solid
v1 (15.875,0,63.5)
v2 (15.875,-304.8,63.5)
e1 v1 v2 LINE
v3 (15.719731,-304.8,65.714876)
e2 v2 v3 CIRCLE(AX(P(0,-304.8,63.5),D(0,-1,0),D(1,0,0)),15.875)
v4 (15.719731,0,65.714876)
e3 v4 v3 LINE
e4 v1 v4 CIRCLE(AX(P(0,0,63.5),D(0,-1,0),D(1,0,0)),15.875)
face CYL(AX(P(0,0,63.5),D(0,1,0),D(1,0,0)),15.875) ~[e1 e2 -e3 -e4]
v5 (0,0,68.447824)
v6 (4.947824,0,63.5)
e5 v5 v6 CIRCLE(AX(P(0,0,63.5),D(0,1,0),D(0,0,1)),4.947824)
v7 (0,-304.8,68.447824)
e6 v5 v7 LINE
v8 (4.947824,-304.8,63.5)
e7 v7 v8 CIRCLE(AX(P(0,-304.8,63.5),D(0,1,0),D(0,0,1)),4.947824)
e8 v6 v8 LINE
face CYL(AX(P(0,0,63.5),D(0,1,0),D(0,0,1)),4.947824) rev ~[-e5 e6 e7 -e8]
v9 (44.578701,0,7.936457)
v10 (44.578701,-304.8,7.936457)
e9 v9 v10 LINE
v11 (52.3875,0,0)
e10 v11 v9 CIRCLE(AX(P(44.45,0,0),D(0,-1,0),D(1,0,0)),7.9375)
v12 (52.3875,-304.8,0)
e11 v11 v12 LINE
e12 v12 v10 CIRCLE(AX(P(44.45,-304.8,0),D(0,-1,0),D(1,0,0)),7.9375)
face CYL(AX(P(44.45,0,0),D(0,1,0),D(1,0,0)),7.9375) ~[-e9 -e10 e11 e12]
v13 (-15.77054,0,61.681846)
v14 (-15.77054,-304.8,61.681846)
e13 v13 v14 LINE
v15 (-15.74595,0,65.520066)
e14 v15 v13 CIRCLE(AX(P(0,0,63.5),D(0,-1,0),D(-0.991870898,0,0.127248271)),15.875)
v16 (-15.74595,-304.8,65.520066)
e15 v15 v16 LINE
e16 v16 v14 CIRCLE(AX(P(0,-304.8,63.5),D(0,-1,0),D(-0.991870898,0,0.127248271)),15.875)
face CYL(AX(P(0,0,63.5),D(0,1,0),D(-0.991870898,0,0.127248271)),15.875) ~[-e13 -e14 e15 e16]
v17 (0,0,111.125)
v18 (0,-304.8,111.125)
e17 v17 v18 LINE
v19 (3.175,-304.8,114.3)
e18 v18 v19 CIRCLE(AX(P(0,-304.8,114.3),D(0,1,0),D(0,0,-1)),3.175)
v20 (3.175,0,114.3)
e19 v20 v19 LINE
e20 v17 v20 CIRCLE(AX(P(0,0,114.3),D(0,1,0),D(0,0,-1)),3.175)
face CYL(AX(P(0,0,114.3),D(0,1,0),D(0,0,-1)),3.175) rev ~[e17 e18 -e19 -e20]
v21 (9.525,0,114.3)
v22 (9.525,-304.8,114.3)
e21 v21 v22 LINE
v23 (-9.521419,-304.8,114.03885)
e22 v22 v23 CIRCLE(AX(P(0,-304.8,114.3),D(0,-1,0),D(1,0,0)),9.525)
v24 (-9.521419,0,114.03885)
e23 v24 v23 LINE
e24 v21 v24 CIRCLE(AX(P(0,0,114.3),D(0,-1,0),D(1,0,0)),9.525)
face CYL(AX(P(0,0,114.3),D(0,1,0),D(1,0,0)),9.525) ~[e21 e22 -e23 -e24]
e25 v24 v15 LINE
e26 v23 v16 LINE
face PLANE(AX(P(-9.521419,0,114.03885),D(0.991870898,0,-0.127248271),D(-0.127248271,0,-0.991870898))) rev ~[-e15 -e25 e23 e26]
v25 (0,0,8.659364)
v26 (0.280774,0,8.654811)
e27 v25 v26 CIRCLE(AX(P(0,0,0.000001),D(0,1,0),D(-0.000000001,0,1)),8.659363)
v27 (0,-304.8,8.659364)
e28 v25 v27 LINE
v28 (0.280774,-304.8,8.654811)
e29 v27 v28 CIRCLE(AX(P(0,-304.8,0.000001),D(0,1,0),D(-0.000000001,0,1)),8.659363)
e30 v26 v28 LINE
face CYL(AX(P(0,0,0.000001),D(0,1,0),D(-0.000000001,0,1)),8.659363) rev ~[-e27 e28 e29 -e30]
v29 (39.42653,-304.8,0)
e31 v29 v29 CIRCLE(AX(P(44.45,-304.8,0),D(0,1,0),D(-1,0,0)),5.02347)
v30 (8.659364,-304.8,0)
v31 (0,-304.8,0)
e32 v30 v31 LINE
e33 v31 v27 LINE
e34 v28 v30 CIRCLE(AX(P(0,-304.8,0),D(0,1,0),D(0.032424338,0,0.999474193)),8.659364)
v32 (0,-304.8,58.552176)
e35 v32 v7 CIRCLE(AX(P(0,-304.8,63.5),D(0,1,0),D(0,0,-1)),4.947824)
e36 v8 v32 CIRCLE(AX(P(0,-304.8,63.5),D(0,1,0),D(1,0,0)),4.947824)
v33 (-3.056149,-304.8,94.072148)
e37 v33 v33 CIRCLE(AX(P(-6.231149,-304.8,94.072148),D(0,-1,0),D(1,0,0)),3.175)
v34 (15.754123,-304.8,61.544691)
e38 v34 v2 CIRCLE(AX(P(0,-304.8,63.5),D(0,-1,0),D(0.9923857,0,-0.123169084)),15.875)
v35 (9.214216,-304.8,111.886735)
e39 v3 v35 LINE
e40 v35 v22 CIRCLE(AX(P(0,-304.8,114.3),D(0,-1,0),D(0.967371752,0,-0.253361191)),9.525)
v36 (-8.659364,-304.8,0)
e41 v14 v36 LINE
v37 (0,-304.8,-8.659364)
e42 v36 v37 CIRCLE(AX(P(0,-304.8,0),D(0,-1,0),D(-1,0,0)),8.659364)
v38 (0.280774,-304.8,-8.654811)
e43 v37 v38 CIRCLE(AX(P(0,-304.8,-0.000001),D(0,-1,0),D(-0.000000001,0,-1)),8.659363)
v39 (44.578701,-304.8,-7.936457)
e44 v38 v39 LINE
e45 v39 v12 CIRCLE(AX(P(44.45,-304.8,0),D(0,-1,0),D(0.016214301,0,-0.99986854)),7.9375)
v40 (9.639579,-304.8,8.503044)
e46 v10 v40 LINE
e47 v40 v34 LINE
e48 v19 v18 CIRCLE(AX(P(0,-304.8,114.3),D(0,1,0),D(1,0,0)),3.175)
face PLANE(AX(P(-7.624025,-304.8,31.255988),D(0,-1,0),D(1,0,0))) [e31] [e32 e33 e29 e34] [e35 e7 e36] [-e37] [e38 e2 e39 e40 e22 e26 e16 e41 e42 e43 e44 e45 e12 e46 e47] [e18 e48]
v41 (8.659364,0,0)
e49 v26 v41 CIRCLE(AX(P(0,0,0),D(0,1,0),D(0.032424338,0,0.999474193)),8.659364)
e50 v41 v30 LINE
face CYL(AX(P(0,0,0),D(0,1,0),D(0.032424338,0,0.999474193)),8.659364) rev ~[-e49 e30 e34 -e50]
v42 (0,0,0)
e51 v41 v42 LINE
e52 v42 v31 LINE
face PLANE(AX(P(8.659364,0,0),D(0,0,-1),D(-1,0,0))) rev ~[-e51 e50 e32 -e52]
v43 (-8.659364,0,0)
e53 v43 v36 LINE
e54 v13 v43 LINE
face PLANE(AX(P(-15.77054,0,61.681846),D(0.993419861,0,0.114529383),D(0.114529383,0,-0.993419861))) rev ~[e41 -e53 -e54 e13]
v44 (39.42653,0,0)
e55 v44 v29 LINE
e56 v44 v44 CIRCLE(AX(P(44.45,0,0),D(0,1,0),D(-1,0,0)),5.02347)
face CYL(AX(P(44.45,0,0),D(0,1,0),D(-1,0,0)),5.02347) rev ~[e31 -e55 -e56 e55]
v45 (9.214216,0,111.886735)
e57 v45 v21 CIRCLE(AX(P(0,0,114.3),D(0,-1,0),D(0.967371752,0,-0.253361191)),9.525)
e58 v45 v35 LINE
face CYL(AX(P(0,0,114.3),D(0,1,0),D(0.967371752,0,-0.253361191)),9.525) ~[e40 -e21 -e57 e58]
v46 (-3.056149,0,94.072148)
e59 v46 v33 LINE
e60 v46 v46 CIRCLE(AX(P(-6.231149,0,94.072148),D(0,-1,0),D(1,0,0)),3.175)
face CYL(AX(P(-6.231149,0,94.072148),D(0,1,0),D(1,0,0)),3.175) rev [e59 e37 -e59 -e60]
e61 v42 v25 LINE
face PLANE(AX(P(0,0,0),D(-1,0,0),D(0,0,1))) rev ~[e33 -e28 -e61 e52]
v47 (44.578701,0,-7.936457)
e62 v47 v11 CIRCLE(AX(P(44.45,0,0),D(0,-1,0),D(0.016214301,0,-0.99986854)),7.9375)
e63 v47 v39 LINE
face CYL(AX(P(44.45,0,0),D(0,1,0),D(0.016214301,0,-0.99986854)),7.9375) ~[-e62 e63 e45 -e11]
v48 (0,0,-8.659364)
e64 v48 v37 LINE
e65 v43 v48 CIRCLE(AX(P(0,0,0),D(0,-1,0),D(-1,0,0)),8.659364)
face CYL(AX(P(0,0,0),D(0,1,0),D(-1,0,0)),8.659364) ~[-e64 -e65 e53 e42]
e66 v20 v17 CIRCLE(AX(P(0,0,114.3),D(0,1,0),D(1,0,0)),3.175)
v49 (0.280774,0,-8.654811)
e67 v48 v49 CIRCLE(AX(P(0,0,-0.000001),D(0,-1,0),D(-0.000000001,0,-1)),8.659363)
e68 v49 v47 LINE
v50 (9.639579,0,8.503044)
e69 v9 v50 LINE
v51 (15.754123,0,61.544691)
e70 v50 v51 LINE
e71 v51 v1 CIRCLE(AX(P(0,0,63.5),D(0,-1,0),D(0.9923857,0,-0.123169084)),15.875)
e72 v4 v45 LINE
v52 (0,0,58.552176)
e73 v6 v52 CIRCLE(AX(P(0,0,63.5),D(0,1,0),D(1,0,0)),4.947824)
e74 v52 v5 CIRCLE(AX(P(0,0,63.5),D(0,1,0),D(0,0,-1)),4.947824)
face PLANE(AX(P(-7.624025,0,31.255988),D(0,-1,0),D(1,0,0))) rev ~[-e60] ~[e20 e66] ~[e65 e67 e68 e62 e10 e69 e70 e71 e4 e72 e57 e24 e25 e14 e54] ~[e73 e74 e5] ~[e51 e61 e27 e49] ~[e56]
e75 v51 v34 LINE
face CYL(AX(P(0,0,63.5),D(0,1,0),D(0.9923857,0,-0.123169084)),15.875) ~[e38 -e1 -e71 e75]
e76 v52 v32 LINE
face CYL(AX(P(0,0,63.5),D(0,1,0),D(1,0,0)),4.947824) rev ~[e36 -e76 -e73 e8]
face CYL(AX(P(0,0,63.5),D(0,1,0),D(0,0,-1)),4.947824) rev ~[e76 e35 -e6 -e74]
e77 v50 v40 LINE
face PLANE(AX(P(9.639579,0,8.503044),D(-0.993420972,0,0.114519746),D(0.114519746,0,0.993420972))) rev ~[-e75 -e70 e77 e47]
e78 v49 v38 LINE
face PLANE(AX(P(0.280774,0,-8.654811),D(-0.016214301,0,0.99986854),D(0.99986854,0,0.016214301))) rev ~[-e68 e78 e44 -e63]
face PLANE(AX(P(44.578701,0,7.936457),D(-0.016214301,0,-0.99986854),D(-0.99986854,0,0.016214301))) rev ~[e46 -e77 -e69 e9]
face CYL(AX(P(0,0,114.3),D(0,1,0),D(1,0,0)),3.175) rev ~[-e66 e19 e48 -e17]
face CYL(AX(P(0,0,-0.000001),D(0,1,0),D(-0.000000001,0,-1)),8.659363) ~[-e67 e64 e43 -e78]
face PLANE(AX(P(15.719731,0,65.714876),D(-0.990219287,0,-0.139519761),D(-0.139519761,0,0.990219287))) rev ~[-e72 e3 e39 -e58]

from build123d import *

# Parameters (mm, degrees)
F0_R     = 3.175
F1_DEPTH = 304.8


with BuildPart() as f1:
    # F0 (on Front) → F1 (new body)
    with BuildSketch(Plane.XZ):
        with BuildLine():
            ThreePointArc((-8.659364025, 0), (-6.1230950229, 6.1230950229), (0, 8.659364025))
            Line((0, 8.659364025), (0, 47.625))
            ThreePointArc((0, 47.625), (-10.5629643347, 51.649286542), (-15.7705402958, 61.6818460519))
            Line((-15.7705402958, 61.6818460519), (-8.659364025, 0))
        make_face()
        with BuildLine():
            Line((0, 0), (0, 8.659364025))
            ThreePointArc((0, 8.659364025), (-6.1230950229, 6.1230950229), (-8.659364025, 0))
            ThreePointArc((-8.659364025, 0), (-6.1230950229, -6.1230950229), (0, -8.659364025))
            Line((0, -8.659364025), (0.280774147, -8.65481087))
            ThreePointArc((0.280774147, -8.65481087), (6.2215717815, -6.023008375), (8.659364025, 0))
            Line((8.659364025, 0), (0, 0))
        make_face()
        with BuildLine():
            Line((0, 47.625), (0, 8.659364025))
            ThreePointArc((0, 8.659364025), (0.1404055313, 8.6582256615), (0.280774147, 8.65481087))
            Line((0.280774147, 8.65481087), (9.6395793759, 8.5030444376))
            Line((9.6395793759, 8.5030444376), (15.7541229807, 61.5446907891))
            ThreePointArc((15.7541229807, 61.5446907891), (10.5113056106, 51.6034425416), (0, 47.625))
        make_face()
        with BuildLine():
            ThreePointArc((-15.7705402958, 61.6818460519), (-10.5629643347, 51.649286542), (0, 47.625))
            Line((0, 47.625), (0, 58.5521759251))
            ThreePointArc((0, 58.5521759251), (-4.9478240749, 63.5), (0, 68.4478240749))
            Line((0, 68.4478240749), (0, 79.375))
            ThreePointArc((0, 79.375), (-10.4868267952, 75.4181411624), (-15.7459504997, 65.5200663015))
            ThreePointArc((-15.7459504997, 65.5200663015), (-15.874674223, 63.6017020852), (-15.7705402958, 61.6818460519))
        make_face()
        with BuildLine():
            Line((0, 58.5521759251), (0, 47.625))
            ThreePointArc((0, 47.625), (10.5113056106, 51.6034425416), (15.7541229807, 61.5446907891))
            ThreePointArc((15.7541229807, 61.5446907891), (15.844751928, 62.5204790247), (15.875, 63.5))
            ThreePointArc((15.875, 63.5), (15.8361352212, 64.6101559607), (15.7197311802, 65.7148762091))
            ThreePointArc((15.7197311802, 65.7148762091), (10.4128397947, 75.4828374106), (0, 79.375))
            Line((0, 79.375), (0, 68.4478240749))
            ThreePointArc((0, 68.4478240749), (3.4986399555, 66.9986399555), (4.9478240749, 63.5))
            ThreePointArc((4.9478240749, 63.5), (3.4986399555, 60.0013600445), (0, 58.5521759251))
        make_face()
        with BuildLine():
            Line((9.6395793759, 8.5030444376), (0.280774147, 8.65481087))
            ThreePointArc((0.280774147, 8.65481087), (6.2215717815, 6.023008375), (8.659364025, 0))
            Line((8.659364025, 0), (9.6395793759, 8.5030444376))
        make_face()
        with BuildLine():
            Line((9.6395793759, 8.5030444376), (8.659364025, 0))
            Line((8.659364025, 0), (36.5125, 0))
            ThreePointArc((36.5125, 0), (38.8830285623, 5.6579797863), (44.578701011, 7.936456533))
            Line((44.578701011, 7.936456533), (9.6395793759, 8.5030444376))
        make_face()
        with BuildLine():
            Line((36.5125, 0), (8.659364025, 0))
            ThreePointArc((8.659364025, 0), (6.2215717815, -6.023008375), (0.280774147, -8.65481087))
            Line((0.280774147, -8.65481087), (44.578701011, -7.936456533))
            ThreePointArc((44.578701011, -7.936456533), (38.8830285623, -5.6579797863), (36.5125, 0))
        make_face()
        with BuildLine():
            Line((0.280774147, -8.65481087), (0, -8.659364025))
            ThreePointArc((0, -8.659364025), (0.1404055313, -8.6582256615), (0.280774147, -8.65481087))
        make_face()
        with BuildLine():
            ThreePointArc((44.578701011, 7.936456533), (38.8830285623, 5.6579797863), (36.5125, 0))
            ThreePointArc((36.5125, 0), (38.8830285623, -5.6579797863), (44.578701011, -7.936456533))
            ThreePointArc((44.578701011, -7.936456533), (50.1079797863, -5.5669714377), (52.3875, 0))
            ThreePointArc((52.3875, 0), (50.1079797863, 5.5669714377), (44.578701011, 7.936456533))
        make_face()
        with BuildLine():
            ThreePointArc((49.473470006, 0), (44.45, -5.023470006), (39.426529994, 0))
            ThreePointArc((39.426529994, 0), (44.45, 5.023470006), (49.473470006, 0))
        make_face(mode=Mode.SUBTRACT)
        with BuildLine():
            Line((-9.5214193107, 114.0388500233), (-15.7459504997, 65.5200663015))
            ThreePointArc((-15.7459504997, 65.5200663015), (-10.4868267952, 75.4181411624), (0, 79.375))
            Line((0, 79.375), (0, 104.775))
            ThreePointArc((0, 104.775), (-6.6422199403, 107.4731017831), (-9.5214193107, 114.0388500233))
        make_face()
        with Locations((-6.2311487272, 94.0721482038)):
            Circle(F0_R, mode=Mode.SUBTRACT)
        with BuildLine():
            Line((0, 104.775), (0, 79.375))
            ThreePointArc((0, 79.375), (10.4128397947, 75.4828374106), (15.7197311802, 65.7148762091))
            Line((15.7197311802, 65.7148762091), (9.2142159383, 111.8867346514))
            ThreePointArc((9.2142159383, 111.8867346514), (5.8197625619, 106.7597089763), (0, 104.775))
        make_face()
        with BuildLine():
            ThreePointArc((9.525, 114.3), (-0.1305872617, 123.8241047856), (-9.5214193107, 114.0388500233))
            ThreePointArc((-9.5214193107, 114.0388500233), (-6.6422199403, 107.4731017831), (0, 104.775))
            ThreePointArc((0, 104.775), (5.8197625619, 106.7597089763), (9.2142159383, 111.8867346514))
            ThreePointArc((9.2142159383, 111.8867346514), (9.4469844874, 113.0834026574), (9.525, 114.3))
        make_face()
        with BuildLine():
            ThreePointArc((3.175, 114.3), (2.2450640303, 112.0549359697), (0, 111.125))
            ThreePointArc((0, 111.125), (-2.2450640303, 116.5450640303), (3.175, 114.3))
        make_face(mode=Mode.SUBTRACT)
    extrude(amount=F1_DEPTH)


solid = f1.part
